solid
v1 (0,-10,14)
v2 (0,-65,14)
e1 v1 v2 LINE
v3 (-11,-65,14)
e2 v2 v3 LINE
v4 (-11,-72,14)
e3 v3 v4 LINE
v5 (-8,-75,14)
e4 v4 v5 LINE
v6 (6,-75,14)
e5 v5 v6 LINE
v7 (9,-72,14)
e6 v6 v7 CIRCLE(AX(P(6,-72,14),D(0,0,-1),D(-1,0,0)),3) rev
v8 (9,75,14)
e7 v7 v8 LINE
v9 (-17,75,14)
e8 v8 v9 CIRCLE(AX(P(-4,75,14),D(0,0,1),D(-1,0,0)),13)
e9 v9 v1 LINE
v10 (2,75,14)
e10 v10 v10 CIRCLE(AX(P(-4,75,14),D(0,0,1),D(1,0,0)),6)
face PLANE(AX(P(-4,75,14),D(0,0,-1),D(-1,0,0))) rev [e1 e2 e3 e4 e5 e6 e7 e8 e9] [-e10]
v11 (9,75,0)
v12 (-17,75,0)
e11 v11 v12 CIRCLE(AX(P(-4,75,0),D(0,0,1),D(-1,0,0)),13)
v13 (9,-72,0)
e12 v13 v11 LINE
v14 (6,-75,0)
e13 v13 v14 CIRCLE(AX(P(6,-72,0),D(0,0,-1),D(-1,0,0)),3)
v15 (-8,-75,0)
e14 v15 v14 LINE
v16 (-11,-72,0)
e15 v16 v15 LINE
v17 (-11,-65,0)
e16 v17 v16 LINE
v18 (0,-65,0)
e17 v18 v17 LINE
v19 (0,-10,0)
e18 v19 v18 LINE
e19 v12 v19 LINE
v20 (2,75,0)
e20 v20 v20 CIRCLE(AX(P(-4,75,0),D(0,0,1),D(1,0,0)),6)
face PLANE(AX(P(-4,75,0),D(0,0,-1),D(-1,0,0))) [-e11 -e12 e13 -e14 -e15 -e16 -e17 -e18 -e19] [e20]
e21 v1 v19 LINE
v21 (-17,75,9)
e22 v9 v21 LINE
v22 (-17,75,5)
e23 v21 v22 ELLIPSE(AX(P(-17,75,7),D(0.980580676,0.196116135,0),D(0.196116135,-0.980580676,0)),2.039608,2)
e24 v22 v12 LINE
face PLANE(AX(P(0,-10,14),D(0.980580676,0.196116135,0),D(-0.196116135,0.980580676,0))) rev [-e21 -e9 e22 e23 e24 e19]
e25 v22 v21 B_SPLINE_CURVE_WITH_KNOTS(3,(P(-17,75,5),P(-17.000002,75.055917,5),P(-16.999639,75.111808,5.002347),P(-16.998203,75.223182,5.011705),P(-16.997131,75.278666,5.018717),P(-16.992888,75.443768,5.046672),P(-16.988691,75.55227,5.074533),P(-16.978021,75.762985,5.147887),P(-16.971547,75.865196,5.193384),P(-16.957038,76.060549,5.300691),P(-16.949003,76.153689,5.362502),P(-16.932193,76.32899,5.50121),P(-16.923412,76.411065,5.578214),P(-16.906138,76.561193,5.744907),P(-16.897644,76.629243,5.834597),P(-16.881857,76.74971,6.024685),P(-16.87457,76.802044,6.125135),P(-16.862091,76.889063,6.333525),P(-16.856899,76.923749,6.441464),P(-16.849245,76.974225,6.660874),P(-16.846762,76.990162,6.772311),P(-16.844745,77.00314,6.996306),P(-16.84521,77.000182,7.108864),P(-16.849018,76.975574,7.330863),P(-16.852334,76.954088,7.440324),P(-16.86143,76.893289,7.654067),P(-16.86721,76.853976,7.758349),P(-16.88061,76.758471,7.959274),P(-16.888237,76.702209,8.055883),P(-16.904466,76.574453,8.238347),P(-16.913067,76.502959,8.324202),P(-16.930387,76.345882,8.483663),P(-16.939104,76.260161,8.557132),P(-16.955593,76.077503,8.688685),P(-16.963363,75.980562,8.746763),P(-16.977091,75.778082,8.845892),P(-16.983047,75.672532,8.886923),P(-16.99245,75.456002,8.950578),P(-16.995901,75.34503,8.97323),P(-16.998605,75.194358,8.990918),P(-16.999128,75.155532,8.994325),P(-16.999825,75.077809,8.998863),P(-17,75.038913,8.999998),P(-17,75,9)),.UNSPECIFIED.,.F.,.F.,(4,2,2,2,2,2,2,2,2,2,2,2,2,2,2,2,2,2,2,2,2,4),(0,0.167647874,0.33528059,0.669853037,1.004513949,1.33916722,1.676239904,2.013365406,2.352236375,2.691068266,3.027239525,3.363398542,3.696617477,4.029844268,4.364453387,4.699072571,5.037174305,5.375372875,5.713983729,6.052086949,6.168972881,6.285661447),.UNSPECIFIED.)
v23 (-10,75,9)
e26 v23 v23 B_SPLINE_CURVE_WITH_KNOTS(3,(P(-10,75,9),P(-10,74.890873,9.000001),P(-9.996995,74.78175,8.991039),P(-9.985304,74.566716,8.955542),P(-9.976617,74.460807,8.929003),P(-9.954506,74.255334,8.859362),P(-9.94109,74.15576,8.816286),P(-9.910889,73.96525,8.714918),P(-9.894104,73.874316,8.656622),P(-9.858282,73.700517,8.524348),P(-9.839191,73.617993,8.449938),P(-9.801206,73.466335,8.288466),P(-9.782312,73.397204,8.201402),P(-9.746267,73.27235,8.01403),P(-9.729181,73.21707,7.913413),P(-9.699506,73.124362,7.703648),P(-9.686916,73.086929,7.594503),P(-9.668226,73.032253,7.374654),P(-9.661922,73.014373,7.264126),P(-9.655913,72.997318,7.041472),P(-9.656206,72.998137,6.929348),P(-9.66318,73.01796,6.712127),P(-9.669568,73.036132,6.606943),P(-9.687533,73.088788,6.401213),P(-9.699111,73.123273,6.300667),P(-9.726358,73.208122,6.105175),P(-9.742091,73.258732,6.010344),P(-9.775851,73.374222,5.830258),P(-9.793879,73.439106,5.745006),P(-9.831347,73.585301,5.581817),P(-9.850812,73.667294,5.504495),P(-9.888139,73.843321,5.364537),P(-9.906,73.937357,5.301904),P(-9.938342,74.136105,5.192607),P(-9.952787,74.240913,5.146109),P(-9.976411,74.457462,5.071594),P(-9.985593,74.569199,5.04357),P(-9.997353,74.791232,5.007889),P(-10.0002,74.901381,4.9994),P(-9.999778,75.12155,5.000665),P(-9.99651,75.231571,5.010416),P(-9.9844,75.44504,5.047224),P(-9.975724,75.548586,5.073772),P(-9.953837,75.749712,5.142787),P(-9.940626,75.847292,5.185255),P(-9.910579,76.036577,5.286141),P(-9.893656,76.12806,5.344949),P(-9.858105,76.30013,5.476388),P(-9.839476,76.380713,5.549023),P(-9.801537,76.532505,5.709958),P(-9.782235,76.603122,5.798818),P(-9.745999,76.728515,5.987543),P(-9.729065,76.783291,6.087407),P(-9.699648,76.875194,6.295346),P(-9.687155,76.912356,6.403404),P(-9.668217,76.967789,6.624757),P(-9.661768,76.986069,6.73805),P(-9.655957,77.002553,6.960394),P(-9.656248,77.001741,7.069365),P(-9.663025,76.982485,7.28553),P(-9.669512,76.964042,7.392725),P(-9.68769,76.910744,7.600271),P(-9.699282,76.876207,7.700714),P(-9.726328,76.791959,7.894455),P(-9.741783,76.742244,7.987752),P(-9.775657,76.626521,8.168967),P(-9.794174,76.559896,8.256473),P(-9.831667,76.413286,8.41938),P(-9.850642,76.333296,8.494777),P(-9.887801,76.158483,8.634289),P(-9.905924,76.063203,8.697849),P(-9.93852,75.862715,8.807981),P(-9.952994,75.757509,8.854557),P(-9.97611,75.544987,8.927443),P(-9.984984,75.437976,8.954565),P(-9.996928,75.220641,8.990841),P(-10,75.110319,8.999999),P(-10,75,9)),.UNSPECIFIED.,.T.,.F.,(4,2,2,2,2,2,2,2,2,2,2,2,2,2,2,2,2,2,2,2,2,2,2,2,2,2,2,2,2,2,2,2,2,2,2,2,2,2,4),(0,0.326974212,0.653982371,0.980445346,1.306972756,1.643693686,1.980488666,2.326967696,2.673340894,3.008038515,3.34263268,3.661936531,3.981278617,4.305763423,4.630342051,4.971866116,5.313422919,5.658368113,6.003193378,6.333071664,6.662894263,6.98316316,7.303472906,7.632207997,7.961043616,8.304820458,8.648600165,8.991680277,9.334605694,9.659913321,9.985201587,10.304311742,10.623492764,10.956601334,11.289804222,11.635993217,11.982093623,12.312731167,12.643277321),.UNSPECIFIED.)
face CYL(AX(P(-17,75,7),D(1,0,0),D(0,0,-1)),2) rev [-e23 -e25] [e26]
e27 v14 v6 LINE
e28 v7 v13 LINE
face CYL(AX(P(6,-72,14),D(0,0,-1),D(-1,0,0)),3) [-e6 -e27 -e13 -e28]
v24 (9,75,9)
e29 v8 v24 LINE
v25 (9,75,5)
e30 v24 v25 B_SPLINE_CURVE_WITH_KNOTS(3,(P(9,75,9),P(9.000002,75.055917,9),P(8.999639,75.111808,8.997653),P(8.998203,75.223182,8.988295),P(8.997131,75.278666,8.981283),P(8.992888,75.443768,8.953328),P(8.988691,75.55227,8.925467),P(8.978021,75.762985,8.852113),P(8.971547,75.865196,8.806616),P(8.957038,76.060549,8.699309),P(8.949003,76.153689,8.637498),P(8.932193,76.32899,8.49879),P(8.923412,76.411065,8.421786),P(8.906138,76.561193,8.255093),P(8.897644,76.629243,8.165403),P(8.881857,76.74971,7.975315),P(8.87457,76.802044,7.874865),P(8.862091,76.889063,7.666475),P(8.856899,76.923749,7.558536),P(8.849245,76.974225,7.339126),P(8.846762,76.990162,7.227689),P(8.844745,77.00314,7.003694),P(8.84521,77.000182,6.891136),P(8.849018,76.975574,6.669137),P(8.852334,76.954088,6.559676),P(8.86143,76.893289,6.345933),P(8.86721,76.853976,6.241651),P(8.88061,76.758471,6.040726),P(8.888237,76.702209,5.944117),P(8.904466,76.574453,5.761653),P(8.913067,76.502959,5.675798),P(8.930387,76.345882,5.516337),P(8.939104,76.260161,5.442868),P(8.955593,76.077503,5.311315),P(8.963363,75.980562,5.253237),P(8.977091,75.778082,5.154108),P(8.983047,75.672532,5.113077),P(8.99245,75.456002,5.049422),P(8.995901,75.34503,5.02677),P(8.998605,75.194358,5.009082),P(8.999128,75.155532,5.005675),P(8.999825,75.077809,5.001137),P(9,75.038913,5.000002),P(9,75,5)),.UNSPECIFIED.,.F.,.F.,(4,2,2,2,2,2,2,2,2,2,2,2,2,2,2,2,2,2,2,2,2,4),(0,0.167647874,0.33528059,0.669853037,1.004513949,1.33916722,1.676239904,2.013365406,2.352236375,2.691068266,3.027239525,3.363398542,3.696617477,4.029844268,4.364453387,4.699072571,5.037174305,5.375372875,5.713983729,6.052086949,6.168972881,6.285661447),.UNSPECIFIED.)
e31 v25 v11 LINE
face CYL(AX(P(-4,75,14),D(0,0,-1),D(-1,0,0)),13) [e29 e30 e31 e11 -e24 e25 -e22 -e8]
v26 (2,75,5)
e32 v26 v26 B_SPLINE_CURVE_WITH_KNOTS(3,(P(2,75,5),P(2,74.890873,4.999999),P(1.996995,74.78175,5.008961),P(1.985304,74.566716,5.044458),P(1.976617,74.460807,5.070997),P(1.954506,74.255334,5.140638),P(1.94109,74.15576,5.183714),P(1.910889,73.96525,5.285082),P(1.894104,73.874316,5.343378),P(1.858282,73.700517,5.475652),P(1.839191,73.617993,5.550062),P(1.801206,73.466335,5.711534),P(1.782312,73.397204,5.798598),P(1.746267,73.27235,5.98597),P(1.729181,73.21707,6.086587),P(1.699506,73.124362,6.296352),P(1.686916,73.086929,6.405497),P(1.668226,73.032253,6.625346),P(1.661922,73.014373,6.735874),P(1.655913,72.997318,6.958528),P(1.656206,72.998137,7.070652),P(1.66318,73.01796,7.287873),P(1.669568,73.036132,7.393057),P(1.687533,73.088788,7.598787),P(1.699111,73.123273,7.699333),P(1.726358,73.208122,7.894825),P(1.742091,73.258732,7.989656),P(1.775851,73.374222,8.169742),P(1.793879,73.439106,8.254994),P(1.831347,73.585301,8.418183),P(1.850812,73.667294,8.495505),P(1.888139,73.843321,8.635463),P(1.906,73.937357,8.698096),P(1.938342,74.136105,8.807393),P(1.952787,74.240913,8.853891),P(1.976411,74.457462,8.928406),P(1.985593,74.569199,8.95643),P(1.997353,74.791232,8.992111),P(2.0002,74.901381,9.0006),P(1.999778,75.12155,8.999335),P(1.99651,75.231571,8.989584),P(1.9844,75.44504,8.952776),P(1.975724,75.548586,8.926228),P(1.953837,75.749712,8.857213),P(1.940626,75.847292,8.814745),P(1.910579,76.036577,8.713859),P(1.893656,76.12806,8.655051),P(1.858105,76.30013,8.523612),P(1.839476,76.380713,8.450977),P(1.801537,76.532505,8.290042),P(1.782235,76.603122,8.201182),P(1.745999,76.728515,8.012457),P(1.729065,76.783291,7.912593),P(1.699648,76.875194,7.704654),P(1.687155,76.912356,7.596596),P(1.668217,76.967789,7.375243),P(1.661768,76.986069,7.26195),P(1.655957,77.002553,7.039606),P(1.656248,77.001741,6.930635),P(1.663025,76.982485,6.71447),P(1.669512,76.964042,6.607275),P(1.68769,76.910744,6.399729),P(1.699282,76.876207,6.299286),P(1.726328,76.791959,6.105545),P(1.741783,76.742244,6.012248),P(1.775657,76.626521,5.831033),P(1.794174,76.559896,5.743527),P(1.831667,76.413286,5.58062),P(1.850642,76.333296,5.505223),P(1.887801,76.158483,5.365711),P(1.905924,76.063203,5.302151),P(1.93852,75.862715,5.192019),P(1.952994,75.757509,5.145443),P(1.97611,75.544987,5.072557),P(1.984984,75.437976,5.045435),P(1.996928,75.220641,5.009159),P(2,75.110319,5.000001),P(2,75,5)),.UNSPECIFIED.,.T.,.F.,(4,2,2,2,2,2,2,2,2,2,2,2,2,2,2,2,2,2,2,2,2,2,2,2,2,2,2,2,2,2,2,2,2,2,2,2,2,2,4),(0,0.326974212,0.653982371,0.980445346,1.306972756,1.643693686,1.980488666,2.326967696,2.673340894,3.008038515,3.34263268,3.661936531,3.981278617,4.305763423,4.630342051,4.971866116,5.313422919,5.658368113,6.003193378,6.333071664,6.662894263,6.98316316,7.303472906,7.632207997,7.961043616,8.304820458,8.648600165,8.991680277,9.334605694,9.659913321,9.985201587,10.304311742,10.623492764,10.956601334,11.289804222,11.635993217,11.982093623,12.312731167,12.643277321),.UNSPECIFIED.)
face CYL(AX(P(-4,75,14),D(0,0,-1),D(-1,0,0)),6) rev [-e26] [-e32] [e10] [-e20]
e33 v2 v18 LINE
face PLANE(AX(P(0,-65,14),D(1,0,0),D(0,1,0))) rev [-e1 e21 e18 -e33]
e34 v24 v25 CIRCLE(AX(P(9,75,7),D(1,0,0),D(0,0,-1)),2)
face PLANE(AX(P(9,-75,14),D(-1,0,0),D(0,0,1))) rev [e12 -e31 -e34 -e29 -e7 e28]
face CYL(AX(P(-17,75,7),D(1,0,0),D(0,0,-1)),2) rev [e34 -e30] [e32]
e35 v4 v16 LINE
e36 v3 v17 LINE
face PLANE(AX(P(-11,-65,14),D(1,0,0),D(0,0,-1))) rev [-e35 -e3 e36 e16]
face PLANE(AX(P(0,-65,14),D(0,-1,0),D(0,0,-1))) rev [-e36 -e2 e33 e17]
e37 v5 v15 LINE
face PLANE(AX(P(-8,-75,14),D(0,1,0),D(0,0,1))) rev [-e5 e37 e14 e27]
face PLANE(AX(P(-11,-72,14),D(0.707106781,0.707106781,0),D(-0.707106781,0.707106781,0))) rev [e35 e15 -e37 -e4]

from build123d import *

# Parameters (mm, degrees)
SKETCH1_R           = 6
BOSS_EXTRUDE1_DEPTH = 14
SKETCH2_R           = 2
CUT_EXTRUDE1_DEPTH  = 93.822411087
FILLET1_R           = 3


with BuildPart() as part:
    # Sketch1 → Boss-Extrude1 (new body)
    with BuildSketch(Plane.XY):
        with BuildLine():
            Line((0, -65), (-11, -65))
            Line((-11, -65), (-11, -72))
            Line((-11, -72), (-8, -75))
            Line((-8, -75), (9, -75))
            Line((9, -75), (9, 75))
            ThreePointArc((9, 75), (-4, 88), (-17, 75))
            Line((-17, 75), (0, -10))
            Line((0, -10), (0, -65))
        make_face()
        with Locations((-4, 75)):
            Circle(SKETCH1_R, mode=Mode.SUBTRACT)
    extrude(amount=BOSS_EXTRUDE1_DEPTH)

    # Sketch2 → Cut-Extrude1 (cut, through all)
    with BuildSketch(Plane(origin=(9, 0, 0), x_dir=(0, 0, -1), z_dir=(1, 0, 0))):
        with Locations((-7, 75)):
            Circle(SKETCH2_R)
    extrude(amount=-CUT_EXTRUDE1_DEPTH, mode=Mode.SUBTRACT)

    # Fillet1
    fillet1_edges = [part.edges().sort_by_distance(p)[0] for p in [
        (9, -75, 7),
    ]]
    fillet(fillet1_edges, radius=FILLET1_R)


solid = part.part
